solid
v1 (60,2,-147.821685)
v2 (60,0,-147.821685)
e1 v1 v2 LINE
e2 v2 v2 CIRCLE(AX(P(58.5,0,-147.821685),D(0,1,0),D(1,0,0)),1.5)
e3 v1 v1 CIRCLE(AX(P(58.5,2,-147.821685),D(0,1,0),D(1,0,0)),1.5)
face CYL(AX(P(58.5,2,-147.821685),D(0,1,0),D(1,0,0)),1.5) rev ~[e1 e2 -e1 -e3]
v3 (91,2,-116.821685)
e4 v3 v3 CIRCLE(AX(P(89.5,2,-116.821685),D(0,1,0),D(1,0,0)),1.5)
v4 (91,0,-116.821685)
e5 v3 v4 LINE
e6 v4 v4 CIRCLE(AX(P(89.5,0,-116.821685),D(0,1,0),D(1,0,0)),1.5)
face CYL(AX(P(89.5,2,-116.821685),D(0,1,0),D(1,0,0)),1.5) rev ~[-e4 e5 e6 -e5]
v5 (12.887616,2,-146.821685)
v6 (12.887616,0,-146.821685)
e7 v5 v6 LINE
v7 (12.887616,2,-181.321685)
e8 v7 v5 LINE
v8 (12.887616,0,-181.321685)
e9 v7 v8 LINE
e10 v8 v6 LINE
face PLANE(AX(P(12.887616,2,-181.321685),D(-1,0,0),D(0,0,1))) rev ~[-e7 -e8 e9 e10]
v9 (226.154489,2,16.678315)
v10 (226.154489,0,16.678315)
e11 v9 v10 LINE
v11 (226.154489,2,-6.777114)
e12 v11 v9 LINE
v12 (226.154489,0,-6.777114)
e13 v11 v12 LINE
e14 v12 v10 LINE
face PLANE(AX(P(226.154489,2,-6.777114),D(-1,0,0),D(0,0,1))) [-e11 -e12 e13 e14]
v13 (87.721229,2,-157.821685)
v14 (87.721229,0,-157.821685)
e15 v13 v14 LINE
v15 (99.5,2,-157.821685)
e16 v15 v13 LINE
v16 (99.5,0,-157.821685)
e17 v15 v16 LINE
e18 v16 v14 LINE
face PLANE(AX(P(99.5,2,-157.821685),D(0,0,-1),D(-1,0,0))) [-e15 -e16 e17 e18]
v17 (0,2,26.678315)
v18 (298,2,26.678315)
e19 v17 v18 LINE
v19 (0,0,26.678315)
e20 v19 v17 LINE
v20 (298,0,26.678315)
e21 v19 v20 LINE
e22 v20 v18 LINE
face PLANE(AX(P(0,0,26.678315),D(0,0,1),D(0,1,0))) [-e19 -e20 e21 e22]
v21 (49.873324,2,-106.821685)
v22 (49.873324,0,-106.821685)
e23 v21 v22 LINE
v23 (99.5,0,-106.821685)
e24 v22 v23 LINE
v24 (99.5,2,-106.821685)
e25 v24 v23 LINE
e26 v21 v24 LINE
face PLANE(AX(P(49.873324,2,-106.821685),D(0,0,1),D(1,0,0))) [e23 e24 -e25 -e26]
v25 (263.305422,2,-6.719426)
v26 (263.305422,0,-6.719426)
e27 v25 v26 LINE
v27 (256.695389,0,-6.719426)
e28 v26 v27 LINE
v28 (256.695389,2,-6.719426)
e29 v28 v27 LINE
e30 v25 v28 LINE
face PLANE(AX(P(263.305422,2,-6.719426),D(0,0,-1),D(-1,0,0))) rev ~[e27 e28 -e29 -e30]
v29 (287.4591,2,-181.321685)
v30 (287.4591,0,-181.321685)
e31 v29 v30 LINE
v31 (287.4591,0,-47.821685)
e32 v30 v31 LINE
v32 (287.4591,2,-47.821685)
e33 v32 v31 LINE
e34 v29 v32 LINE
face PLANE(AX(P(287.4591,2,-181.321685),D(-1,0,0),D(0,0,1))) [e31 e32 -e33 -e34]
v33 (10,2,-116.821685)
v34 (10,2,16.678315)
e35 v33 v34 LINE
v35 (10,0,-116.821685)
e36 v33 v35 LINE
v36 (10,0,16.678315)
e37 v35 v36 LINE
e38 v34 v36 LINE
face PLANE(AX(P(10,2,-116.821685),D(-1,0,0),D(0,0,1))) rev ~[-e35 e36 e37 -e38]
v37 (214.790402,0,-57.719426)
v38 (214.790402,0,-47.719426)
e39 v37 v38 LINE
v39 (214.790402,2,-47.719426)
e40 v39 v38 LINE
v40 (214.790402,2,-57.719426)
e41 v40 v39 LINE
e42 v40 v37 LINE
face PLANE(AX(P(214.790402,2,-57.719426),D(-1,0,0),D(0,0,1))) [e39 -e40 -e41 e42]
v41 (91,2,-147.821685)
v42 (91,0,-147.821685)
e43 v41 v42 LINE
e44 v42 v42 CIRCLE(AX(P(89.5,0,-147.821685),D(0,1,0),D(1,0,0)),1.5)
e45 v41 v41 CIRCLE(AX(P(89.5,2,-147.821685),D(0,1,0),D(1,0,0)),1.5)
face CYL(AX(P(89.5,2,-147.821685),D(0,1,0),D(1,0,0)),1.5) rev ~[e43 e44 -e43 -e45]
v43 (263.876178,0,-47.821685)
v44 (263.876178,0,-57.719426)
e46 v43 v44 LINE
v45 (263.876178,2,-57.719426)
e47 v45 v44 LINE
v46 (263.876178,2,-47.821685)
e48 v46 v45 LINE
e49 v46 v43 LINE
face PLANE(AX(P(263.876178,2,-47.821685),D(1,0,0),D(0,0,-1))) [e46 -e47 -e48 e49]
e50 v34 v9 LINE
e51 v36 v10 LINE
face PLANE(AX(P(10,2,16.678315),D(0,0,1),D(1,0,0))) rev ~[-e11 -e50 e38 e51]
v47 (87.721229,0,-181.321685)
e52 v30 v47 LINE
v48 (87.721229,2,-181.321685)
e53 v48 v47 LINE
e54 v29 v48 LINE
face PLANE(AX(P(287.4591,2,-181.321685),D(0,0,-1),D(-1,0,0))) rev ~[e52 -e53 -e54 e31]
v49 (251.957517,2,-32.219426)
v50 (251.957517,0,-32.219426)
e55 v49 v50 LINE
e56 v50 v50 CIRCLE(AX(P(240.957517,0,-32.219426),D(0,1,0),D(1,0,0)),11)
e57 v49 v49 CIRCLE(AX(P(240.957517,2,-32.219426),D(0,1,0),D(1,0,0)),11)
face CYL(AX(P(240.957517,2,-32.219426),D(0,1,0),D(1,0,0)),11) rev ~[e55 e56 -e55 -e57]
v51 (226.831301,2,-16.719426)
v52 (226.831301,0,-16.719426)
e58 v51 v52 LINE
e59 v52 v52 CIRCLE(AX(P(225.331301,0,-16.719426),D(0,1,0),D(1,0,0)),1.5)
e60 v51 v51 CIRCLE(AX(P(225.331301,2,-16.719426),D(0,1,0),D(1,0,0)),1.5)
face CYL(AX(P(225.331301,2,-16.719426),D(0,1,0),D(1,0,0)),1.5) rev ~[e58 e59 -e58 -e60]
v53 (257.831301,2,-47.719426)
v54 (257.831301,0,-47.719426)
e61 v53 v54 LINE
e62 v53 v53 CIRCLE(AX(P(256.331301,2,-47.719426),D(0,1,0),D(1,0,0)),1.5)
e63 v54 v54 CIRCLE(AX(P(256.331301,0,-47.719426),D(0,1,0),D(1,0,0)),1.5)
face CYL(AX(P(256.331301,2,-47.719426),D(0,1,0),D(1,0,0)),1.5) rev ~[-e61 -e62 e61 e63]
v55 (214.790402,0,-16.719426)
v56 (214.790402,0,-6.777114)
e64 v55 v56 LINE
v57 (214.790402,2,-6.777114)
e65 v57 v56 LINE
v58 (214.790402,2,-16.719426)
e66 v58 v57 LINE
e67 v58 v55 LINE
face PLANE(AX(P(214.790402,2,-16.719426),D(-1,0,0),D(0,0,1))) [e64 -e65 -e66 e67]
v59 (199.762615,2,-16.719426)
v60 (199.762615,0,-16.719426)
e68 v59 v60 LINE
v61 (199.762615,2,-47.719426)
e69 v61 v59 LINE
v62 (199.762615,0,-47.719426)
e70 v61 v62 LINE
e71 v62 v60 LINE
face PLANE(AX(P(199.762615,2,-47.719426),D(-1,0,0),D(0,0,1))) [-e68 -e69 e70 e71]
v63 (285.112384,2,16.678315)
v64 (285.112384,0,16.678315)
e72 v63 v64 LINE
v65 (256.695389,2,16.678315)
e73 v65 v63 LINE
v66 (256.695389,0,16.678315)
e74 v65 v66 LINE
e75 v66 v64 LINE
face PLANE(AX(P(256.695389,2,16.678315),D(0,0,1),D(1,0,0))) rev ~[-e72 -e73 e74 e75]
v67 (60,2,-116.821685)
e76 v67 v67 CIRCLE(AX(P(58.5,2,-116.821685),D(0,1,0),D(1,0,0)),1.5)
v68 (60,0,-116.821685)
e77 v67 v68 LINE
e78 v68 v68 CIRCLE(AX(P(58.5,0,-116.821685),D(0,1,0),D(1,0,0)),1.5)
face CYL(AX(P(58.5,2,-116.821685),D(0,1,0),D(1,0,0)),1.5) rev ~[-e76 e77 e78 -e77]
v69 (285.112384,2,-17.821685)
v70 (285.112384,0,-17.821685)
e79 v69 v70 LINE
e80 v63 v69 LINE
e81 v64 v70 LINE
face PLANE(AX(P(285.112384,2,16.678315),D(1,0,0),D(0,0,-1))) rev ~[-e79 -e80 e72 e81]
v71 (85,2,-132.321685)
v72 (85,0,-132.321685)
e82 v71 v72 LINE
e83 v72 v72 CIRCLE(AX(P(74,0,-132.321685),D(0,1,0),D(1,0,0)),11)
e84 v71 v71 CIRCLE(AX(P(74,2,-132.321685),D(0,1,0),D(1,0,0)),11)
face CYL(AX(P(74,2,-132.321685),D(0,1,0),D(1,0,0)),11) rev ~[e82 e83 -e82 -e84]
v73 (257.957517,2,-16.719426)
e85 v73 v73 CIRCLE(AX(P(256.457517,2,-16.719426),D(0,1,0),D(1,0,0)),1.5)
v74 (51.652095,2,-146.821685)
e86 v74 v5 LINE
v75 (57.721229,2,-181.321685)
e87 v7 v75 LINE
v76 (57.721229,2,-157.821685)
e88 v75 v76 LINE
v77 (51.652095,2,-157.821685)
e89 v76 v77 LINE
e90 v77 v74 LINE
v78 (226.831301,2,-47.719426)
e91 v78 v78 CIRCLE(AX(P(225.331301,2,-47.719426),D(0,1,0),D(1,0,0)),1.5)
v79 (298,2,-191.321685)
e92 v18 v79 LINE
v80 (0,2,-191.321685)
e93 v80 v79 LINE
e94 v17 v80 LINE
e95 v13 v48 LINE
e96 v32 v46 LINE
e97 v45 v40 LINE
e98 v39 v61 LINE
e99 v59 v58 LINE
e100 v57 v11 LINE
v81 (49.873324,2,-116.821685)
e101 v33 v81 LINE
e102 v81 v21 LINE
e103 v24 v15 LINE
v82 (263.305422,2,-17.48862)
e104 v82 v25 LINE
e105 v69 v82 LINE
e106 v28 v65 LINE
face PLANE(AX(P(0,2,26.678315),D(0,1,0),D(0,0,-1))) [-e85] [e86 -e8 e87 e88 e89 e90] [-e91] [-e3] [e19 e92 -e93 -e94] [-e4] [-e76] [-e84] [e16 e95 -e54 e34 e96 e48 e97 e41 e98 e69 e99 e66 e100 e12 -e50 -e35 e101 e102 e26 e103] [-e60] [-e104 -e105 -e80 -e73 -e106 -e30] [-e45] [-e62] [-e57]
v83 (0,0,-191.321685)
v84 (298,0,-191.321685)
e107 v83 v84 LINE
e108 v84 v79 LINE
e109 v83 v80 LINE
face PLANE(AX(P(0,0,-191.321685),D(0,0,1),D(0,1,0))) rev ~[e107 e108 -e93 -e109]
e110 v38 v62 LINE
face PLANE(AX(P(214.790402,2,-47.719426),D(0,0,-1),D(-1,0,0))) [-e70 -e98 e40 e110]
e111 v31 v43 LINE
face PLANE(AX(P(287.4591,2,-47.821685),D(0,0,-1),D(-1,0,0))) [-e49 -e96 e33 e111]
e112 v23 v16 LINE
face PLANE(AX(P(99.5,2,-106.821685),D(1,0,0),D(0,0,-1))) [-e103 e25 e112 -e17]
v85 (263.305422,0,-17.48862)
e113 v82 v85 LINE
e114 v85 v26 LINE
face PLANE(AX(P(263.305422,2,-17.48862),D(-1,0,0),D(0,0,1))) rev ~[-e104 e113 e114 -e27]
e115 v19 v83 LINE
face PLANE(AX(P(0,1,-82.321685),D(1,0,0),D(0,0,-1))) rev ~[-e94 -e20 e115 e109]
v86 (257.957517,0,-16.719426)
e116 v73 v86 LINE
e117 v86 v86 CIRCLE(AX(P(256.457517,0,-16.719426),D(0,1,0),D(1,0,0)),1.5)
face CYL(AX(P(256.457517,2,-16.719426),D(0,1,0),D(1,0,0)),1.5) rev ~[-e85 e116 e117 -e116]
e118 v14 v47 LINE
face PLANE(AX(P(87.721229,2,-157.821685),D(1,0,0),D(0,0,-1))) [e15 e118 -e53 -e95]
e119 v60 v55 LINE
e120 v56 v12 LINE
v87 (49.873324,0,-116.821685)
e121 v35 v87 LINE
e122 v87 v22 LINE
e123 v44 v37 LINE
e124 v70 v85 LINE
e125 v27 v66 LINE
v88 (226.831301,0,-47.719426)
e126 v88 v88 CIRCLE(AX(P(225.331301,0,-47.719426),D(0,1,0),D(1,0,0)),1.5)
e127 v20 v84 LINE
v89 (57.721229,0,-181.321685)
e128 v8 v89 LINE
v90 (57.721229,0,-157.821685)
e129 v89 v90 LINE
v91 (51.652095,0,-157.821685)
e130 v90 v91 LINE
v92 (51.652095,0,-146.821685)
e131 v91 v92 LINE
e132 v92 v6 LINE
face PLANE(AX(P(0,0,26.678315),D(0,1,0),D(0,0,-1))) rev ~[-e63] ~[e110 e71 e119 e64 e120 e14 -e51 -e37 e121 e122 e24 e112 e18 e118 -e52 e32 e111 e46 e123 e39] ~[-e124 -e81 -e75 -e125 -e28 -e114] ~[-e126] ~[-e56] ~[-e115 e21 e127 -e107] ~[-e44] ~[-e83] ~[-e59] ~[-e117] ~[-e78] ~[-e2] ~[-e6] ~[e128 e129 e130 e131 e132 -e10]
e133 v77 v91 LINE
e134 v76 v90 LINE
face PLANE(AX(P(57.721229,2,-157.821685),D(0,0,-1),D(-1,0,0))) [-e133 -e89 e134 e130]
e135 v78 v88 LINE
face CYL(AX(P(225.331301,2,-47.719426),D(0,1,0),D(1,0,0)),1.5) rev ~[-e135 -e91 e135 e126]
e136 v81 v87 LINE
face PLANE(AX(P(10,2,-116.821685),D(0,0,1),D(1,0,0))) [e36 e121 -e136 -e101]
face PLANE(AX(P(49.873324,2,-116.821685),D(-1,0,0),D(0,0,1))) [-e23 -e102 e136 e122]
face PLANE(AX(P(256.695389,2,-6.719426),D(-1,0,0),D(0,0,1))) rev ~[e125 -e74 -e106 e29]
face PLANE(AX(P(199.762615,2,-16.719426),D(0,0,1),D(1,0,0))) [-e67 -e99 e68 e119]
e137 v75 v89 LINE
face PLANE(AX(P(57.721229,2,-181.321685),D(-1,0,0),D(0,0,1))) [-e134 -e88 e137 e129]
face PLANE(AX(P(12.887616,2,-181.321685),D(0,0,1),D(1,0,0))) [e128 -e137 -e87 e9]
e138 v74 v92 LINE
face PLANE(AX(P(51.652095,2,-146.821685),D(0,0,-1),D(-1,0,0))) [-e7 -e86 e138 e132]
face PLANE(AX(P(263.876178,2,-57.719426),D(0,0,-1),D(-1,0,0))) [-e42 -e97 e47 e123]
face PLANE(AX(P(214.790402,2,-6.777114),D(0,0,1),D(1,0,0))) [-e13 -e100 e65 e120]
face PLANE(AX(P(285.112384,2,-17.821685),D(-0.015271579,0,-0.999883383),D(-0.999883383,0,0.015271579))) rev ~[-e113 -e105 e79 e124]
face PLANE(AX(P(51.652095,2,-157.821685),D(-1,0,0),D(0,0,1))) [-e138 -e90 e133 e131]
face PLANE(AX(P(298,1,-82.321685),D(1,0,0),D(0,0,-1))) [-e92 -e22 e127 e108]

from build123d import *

# Parameters (mm, degrees)
SKETCH1_W           = 218
SKETCH1_H           = 2
BOSS_EXTRUDE1_DEPTH = 298
SKETCH2_R           = 11
SKETCH2_R_2         = 1.5
CUT_EXTRUDE1_DEPTH  = 10


with BuildPart() as part:
    # Sketch1 → Boss-Extrude1 (new body)
    with BuildSketch(Plane(origin=(0, 0, 0), x_dir=(0, 0, -1), z_dir=(1, 0, 0))):
        with Locations((82.3216851, 1)):
            Rectangle(SKETCH1_W, SKETCH1_H)
    extrude(amount=BOSS_EXTRUDE1_DEPTH)

    # Sketch2 → Cut-Extrude1 (cut)
    with BuildSketch(Plane(origin=(0, 2, 0), x_dir=(1, 0, 0), z_dir=(0, 1, 0))):
        with Locations((74, 132.3216851)):
            Circle(SKETCH2_R)
        with Locations((89.5, 116.8216851)):
            Circle(SKETCH2_R_2)
        with Locations((58.5, 116.8216851)):
            Circle(SKETCH2_R_2)
        with Locations((89.5, 147.8216851)):
            Circle(SKETCH2_R_2)
        with Locations((58.5, 147.8216851)):
            Circle(SKETCH2_R_2)
        with Locations((256.33130124, 47.719426297)):
            Circle(SKETCH2_R_2)
        with Locations((256.457517214, 16.719426297)):
            Circle(SKETCH2_R_2)
        with Locations((225.33130124, 16.719426297)):
            Circle(SKETCH2_R_2)
        with Locations((225.33130124, 47.719426297)):
            Circle(SKETCH2_R_2)
        with Locations((240.957517214, 32.219426297)):
            Circle(SKETCH2_R)
        Polygon((12.887616176, 181.3216851), (57.721228679, 181.3216851), (57.721228679, 157.8216851), (51.65209525, 157.8216851), (51.65209525, 146.8216851), (12.887616176, 146.8216851), (12.887616176, 159.517007057), align=None)
        Polygon((149, -16.6783149), (104.471210326, -16.6783149), (10, -16.6783149), (10, 89.941809838), (10, 116.8216851), (49.873323929, 116.8216851), (49.873323929, 106.8216851), (99.5, 106.8216851), (99.5, 157.8216851), (87.721228679, 157.8216851), (87.721228679, 181.3216851), (101.200621078, 181.3216851), (149, 181.3216851), (287.459100292, 181.3216851), (287.459100292, 47.8216851), (263.876177895, 47.8216851), (263.876177895, 57.719426297), (214.790401532, 57.719426297), (214.790401532, 47.719426297), (199.762615123, 47.719426297), (199.762615123, 16.719426297), (214.790401532, 16.719426297), (214.790401532, 6.77711424), (226.154489119, 6.77711424), (226.154489119, -16.6783149), align=None)
        Polygon((285.112383824, -16.6783149), (285.112383824, 5.126363143), (285.112383824, 17.8216851), (263.305421964, 17.488619524), (263.305421964, 6.719426297), (256.695388827, 6.719426297), (256.695388827, -16.6783149), align=None)
    extrude(amount=-CUT_EXTRUDE1_DEPTH, mode=Mode.SUBTRACT)


solid = part.part
